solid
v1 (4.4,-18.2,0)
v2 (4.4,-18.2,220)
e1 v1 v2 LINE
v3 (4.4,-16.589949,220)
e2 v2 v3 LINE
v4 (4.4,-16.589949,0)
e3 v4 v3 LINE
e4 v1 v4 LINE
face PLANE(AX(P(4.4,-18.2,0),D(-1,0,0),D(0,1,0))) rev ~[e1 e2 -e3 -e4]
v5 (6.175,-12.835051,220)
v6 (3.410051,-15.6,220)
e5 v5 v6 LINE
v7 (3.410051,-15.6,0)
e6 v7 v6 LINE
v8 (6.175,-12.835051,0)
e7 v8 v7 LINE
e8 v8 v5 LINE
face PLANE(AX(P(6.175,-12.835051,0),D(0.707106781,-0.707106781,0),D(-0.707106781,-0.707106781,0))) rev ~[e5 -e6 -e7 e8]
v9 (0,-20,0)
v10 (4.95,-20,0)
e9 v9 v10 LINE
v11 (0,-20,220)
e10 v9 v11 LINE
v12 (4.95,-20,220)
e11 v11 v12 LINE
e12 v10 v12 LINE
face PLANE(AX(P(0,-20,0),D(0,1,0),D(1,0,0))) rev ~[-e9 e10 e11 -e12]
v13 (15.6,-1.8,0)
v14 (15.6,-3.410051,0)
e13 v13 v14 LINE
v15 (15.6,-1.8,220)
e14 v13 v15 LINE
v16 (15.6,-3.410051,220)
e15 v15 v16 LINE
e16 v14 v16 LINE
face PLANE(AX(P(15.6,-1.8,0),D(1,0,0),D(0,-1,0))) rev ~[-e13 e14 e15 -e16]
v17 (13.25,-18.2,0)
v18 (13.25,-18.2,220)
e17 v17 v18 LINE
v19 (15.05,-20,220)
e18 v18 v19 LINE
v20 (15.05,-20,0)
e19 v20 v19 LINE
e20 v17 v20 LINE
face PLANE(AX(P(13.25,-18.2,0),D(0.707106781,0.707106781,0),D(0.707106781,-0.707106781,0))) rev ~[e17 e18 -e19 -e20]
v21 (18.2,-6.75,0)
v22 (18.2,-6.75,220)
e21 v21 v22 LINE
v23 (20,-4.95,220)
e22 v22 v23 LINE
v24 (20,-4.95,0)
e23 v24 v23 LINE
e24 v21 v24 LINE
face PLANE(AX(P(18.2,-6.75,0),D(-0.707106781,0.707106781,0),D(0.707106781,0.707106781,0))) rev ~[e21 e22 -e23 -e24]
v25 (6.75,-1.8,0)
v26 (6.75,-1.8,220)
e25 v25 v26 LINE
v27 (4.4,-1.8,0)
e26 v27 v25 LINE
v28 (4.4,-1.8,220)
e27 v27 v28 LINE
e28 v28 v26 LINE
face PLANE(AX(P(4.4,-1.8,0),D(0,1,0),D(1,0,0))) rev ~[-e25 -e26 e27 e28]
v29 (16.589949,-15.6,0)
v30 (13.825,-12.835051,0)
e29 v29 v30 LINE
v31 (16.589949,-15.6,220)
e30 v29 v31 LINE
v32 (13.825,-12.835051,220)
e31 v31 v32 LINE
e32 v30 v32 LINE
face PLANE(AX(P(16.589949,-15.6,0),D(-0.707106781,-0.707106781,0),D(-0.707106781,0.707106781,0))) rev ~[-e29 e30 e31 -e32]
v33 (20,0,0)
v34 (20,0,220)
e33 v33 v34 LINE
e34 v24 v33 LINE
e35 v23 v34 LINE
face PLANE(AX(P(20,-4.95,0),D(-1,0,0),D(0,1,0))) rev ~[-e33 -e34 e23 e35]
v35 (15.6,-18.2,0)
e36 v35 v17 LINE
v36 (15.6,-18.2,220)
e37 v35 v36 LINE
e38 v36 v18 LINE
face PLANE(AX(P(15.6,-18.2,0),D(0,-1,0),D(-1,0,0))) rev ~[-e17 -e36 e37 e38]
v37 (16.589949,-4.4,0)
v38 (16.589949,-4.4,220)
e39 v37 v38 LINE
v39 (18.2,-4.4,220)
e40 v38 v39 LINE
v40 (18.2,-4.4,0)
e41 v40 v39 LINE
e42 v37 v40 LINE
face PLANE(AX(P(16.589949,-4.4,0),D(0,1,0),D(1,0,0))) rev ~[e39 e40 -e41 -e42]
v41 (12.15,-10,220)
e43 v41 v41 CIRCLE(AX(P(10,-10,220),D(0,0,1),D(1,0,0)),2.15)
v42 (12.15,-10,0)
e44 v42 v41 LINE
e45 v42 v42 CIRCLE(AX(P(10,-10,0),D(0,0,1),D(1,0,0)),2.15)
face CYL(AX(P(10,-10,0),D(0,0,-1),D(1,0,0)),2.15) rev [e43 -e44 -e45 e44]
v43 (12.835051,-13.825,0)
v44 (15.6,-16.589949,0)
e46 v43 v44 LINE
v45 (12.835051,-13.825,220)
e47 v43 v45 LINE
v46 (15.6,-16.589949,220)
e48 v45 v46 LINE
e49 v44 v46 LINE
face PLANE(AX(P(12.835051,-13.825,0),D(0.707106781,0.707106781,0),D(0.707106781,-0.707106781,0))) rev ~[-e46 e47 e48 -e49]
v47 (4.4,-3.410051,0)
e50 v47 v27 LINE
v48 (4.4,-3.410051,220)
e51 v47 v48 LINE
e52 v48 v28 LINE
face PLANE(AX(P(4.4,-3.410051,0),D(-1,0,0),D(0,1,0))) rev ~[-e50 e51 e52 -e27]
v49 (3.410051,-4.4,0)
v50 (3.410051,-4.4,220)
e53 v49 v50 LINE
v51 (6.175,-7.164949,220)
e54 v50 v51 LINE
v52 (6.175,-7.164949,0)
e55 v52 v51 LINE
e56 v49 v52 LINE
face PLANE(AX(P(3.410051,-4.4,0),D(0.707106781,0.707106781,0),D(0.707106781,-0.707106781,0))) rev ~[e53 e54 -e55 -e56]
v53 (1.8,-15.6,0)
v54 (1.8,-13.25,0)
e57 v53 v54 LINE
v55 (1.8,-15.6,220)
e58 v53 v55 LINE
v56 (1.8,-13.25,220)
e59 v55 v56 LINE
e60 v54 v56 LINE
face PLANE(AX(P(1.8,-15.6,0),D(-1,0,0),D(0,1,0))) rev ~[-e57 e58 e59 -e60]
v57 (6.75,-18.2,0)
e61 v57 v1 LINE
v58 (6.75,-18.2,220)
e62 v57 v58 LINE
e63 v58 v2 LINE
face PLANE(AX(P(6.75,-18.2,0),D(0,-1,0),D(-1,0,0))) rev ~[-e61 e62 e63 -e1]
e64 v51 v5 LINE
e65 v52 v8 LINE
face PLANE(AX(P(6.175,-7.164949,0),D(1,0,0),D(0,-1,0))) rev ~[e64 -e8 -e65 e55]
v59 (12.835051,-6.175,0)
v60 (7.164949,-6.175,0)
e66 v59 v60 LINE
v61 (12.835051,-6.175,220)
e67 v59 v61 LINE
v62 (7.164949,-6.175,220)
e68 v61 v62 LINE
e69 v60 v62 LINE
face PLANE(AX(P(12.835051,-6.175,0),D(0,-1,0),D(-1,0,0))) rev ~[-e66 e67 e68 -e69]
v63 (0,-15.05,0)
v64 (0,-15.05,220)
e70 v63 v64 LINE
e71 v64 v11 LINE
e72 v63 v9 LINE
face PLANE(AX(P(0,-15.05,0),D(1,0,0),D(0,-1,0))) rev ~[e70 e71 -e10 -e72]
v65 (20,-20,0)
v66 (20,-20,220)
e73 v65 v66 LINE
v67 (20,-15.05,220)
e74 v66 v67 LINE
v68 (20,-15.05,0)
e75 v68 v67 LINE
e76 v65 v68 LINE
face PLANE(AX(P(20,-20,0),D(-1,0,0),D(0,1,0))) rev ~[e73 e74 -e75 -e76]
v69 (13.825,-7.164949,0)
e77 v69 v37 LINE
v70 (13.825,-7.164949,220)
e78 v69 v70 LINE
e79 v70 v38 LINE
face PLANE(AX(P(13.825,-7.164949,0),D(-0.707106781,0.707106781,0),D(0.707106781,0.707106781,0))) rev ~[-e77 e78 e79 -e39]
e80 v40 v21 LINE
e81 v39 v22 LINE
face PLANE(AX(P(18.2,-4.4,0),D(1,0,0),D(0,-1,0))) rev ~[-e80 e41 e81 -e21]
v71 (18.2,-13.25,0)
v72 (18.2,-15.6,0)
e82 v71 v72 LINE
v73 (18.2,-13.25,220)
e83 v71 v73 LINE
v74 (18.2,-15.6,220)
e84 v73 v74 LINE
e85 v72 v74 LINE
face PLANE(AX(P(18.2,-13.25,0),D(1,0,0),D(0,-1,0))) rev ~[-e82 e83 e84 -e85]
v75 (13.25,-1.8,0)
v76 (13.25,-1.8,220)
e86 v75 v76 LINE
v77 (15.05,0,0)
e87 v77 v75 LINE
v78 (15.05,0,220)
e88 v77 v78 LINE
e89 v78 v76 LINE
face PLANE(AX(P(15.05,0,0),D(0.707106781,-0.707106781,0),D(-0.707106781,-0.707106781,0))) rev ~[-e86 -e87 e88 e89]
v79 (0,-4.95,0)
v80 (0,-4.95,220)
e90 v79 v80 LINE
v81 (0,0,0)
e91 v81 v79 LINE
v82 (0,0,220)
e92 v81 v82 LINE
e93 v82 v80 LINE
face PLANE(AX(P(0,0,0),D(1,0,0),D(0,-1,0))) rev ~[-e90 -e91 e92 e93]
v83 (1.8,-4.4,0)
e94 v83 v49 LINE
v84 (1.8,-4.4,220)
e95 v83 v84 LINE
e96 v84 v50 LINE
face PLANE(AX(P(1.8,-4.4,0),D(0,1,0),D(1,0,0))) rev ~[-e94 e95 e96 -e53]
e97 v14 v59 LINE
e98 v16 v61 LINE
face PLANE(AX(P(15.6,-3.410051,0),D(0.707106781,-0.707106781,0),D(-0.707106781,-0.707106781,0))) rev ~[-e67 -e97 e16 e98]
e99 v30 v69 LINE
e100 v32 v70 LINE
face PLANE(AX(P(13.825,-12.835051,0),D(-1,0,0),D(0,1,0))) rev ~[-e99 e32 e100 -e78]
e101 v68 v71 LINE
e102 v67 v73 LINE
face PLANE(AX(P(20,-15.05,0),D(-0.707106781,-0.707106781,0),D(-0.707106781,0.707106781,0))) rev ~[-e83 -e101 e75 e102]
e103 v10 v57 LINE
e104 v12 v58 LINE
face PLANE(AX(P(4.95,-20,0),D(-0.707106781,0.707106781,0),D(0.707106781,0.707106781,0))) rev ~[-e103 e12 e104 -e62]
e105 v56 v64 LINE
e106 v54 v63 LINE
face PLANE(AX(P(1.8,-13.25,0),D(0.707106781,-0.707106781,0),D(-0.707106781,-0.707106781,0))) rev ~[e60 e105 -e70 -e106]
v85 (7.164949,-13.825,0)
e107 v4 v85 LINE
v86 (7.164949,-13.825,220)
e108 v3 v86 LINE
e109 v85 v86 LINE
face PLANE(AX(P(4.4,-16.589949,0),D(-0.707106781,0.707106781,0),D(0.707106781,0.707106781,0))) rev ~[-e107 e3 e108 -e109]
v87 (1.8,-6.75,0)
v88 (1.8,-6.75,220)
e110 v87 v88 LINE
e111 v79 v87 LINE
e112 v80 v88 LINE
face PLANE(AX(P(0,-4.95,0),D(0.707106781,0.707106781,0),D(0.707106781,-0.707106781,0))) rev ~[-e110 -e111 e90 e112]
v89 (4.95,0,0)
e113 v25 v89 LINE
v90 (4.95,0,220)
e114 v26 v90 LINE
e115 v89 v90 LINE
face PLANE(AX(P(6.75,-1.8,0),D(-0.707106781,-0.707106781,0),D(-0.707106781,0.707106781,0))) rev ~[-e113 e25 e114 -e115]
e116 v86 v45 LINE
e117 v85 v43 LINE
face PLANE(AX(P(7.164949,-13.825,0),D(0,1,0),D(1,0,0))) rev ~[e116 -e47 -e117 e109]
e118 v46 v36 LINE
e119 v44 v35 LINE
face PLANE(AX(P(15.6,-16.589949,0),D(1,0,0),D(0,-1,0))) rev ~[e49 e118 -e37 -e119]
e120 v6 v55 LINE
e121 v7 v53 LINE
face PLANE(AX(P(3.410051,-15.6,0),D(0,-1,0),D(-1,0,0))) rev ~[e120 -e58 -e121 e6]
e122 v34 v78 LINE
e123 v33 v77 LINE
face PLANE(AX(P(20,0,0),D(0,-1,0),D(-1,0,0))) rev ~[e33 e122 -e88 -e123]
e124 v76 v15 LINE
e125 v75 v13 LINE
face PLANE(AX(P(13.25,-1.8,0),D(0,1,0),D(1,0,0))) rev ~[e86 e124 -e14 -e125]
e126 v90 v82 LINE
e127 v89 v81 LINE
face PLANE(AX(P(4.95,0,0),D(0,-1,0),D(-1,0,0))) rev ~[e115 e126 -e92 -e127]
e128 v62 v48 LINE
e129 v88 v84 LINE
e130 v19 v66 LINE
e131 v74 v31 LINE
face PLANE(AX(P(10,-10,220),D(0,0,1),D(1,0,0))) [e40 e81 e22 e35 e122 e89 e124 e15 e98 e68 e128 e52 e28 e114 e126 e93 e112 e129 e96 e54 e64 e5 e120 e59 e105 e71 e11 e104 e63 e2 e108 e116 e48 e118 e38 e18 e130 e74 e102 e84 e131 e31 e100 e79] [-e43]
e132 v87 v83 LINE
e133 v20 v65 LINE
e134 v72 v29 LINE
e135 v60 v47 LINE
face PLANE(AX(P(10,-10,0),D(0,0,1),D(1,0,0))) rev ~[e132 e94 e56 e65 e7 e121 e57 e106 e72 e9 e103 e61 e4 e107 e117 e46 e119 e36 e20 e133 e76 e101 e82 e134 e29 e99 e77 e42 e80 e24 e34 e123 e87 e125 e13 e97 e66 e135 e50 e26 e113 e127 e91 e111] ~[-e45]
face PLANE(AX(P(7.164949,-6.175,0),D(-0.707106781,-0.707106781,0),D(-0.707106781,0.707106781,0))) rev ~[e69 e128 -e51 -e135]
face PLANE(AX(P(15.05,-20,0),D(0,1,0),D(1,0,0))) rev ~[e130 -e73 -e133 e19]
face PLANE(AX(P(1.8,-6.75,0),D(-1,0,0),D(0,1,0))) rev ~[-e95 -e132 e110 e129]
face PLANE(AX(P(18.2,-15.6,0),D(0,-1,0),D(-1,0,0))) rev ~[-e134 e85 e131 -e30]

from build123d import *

# Parameters (mm, degrees)
CROQUIS1_R      = 2.15
BOSCHBASE_DEPTH = 220


with BuildPart() as part:
    # Croquis1 → BoschBase (new body)
    with BuildSketch(Plane.XY):
        Polygon((4.4, 0), (0, 0), (0, -0.56736664), (0, -4.4), (0, -4.95), (1.8, -6.75), (1.8, -4.4), (3.410050506, -4.4), (6.175, -7.164949494), (6.175, -12.835050506), (3.410050506, -15.6), (1.8, -15.6), (1.8, -13.25), (0, -15.05), (0, -15.6), (0, -20), (4.4, -20), (4.95, -20), (6.75, -18.2), (4.4, -18.2), (4.4, -16.589949494), (7.164949494, -13.825), (12.835050506, -13.825), (15.6, -16.589949494), (15.6, -18.2), (13.25, -18.2), (15.05, -20), (15.6, -20), (18.2, -20), (20, -20), (20, -15.6), (20, -15.05), (18.2, -13.25), (18.2, -15.6), (16.589949494, -15.6), (13.825, -12.835050506), (13.825, -7.164949494), (16.589949494, -4.4), (18.2, -4.4), (18.2, -6.75), (20, -4.95), (20, -4.4), (20, 0), (15.6, 0), (15.05, 0), (13.25, -1.8), (15.6, -1.8), (15.6, -3.410050506), (12.835050506, -6.175), (7.164949494, -6.175), (4.4, -3.410050506), (4.4, -1.8), (6.75, -1.8), (4.95, 0), align=None)
        with Locations((10, -10)):
            Circle(CROQUIS1_R, mode=Mode.SUBTRACT)
    extrude(amount=BOSCHBASE_DEPTH)


solid = part.part
